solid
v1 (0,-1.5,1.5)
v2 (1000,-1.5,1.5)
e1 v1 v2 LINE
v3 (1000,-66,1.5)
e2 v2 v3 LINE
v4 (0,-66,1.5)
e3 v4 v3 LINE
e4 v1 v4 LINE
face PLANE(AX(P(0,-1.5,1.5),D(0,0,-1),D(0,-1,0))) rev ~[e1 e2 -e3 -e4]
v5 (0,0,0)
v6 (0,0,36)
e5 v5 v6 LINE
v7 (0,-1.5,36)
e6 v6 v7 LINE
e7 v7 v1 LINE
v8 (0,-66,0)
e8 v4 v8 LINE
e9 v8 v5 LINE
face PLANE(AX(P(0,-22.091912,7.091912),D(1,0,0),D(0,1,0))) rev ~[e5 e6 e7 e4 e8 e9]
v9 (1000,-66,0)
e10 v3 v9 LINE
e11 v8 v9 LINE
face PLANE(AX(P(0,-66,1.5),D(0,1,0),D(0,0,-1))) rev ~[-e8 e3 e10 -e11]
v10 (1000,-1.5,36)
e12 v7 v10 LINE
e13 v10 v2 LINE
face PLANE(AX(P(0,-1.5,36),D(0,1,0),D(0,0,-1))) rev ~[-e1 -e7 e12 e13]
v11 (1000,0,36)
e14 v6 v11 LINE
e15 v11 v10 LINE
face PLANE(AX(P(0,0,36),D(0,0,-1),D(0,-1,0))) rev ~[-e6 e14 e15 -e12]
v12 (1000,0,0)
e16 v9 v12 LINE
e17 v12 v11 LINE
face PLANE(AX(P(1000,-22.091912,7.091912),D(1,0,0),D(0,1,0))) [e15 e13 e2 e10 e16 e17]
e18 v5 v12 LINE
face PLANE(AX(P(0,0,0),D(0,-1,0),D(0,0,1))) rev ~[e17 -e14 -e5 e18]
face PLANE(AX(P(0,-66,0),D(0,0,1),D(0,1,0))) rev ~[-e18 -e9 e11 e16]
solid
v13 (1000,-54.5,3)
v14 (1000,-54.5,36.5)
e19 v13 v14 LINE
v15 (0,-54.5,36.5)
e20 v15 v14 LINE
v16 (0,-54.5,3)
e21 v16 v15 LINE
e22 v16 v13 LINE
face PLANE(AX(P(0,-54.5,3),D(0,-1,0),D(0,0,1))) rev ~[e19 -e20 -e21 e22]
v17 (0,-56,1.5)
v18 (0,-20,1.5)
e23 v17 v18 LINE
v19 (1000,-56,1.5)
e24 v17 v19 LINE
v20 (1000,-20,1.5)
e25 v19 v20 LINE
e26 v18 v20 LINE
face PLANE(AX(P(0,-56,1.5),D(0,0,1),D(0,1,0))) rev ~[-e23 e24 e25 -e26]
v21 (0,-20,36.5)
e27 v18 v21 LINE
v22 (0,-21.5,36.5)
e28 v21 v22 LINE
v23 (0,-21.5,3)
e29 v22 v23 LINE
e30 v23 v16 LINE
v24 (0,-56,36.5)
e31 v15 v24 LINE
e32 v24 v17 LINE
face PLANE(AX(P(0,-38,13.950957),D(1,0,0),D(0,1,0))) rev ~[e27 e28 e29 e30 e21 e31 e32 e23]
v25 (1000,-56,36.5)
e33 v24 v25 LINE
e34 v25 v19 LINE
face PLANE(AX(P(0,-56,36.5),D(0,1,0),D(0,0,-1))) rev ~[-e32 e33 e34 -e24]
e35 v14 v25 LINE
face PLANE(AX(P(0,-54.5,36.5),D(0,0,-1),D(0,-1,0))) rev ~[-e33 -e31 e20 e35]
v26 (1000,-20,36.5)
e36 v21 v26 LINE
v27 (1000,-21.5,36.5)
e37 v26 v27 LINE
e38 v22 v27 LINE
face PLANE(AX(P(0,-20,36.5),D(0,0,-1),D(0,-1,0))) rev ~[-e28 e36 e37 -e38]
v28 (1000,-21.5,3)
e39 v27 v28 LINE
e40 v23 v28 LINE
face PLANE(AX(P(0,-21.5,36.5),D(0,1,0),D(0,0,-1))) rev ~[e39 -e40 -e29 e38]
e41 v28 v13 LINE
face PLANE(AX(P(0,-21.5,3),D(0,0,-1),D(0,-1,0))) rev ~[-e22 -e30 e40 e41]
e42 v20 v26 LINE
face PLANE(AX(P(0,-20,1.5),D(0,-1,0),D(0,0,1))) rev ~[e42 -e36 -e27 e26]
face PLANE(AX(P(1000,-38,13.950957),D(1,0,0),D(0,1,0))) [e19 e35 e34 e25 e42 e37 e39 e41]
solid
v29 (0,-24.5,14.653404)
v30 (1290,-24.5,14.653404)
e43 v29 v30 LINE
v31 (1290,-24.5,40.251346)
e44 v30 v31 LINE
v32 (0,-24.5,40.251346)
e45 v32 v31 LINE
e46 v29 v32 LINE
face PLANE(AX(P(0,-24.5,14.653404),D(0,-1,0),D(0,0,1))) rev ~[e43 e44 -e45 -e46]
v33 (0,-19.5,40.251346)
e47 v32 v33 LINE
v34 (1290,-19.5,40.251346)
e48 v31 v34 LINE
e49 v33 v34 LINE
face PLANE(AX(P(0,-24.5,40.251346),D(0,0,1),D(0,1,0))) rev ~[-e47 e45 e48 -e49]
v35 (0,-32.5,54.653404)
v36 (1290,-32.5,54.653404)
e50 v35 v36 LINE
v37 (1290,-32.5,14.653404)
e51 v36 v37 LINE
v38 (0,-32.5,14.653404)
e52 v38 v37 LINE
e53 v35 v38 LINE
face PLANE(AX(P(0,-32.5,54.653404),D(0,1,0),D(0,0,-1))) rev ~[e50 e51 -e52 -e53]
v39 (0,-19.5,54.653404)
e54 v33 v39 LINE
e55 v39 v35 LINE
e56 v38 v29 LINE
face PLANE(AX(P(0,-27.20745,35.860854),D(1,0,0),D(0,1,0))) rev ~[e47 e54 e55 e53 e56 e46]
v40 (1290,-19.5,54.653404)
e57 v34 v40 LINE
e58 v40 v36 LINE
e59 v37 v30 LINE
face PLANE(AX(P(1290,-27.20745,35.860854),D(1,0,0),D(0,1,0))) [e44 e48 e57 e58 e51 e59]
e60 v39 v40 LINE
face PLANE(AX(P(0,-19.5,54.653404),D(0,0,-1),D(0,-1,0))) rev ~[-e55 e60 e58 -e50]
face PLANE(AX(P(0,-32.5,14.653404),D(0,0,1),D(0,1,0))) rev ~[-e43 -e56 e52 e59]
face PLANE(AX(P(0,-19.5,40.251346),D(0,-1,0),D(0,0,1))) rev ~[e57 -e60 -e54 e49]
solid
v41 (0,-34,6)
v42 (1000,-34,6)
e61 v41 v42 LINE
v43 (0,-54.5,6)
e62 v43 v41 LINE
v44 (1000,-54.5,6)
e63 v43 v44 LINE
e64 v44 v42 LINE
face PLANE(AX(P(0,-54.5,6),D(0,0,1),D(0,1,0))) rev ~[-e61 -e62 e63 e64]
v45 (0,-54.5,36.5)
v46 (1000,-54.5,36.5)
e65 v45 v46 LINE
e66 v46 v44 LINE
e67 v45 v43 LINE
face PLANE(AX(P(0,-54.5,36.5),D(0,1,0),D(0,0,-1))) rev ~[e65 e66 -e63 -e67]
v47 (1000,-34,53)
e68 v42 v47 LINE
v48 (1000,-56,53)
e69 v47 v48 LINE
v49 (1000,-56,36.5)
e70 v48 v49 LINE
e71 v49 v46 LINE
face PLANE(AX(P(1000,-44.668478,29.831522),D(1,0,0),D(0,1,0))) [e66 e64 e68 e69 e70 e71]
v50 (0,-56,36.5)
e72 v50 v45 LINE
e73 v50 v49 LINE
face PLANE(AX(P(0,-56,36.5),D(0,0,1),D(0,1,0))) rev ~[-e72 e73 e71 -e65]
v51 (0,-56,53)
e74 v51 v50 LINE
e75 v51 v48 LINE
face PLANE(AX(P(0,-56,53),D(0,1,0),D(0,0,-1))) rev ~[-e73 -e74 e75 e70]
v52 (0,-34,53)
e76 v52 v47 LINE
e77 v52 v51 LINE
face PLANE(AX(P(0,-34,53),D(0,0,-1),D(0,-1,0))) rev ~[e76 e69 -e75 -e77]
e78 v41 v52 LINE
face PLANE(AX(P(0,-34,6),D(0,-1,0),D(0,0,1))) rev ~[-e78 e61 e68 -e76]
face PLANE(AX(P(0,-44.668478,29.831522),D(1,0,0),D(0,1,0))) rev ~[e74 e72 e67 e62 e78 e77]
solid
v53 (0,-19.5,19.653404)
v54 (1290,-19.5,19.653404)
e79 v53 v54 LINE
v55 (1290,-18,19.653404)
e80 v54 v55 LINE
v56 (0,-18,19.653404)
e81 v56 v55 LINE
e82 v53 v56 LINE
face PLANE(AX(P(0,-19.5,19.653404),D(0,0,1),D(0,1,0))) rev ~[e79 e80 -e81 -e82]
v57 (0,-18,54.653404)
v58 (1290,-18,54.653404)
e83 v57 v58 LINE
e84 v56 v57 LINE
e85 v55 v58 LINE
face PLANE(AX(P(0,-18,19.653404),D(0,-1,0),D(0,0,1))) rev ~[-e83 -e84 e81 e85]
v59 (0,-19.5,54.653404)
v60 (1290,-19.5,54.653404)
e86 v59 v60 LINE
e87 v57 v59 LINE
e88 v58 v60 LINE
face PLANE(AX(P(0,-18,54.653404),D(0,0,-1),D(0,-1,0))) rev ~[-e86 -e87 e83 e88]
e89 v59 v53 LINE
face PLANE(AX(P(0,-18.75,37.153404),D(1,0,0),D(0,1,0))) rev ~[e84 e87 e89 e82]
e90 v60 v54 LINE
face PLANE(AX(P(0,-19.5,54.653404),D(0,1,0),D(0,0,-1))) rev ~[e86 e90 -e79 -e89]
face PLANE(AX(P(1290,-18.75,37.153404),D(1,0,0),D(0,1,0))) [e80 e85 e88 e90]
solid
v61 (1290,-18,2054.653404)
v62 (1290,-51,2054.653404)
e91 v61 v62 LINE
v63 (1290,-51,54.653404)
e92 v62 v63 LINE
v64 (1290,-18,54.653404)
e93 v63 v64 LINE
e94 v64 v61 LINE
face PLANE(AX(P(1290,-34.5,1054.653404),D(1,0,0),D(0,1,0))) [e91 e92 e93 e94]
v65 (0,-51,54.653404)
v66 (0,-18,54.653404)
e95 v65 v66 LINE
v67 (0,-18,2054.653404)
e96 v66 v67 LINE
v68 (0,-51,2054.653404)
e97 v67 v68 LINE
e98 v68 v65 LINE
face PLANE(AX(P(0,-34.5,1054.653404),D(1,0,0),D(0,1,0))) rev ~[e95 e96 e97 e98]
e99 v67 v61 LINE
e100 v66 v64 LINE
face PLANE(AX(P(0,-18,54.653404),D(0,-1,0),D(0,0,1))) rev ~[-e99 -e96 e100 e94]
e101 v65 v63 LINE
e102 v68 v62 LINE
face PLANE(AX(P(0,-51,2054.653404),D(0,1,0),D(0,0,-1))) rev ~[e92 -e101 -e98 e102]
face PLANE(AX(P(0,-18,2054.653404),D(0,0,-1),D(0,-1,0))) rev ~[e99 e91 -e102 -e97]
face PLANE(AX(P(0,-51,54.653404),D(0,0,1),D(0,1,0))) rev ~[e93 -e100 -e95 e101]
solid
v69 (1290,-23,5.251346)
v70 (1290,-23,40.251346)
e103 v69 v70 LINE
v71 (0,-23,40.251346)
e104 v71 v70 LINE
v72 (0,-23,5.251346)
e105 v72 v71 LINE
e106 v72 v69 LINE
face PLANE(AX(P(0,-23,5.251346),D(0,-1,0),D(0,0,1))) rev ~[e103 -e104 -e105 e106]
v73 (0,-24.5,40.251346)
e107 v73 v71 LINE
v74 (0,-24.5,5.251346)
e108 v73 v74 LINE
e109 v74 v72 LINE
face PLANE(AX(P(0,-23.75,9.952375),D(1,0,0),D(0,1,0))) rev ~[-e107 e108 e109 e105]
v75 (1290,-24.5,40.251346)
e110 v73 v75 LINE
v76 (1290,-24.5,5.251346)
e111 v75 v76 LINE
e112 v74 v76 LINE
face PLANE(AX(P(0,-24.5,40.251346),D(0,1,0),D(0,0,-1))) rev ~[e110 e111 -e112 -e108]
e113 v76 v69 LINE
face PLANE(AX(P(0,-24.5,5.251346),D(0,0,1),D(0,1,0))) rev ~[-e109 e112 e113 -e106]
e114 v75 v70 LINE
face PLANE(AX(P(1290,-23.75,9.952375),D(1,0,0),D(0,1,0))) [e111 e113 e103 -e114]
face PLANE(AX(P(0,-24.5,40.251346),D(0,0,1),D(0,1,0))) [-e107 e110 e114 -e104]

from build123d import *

# Parameters (mm, degrees)
F0_W     = 1.5
F0_H     = 9.402058
F0_H_2   = 25.597942
F1_DEPTH = 1290
F2_DEPTH = 1290
F3_DEPTH = 1000
F4_DEPTH = 1000
F5_DEPTH = 1290


with BuildPart() as f1:
    # F0 (on Right) → F1 (new body)
    with BuildSketch(Plane.YZ):
        Polygon((-18, 19.653404), (-18, 54.653404), (-19.5, 54.653404), (-19.5, 40.251346), (-19.5, 19.653404), align=None)
        with Locations((-23.75, 9.952375)):
            Rectangle(F0_W, F0_H)
        with Locations((-23.75, 27.452375)):
            Rectangle(F0_W, F0_H_2)
    extrude(amount=F1_DEPTH)


with BuildPart() as f2:
    # F0 (on Right) → F2 (new body, through all)
    with BuildSketch(Plane.YZ):
        Polygon((-19.5, 40.251346), (-19.5, 54.653404), (-32.5, 54.653404), (-32.5, 14.653404), (-24.5, 14.653404), (-24.5, 40.251346), (-23, 40.251346), align=None)
    extrude(amount=F2_DEPTH)


with BuildPart() as f3:
    # F0 (on Right) → F3 (new body)
    with BuildSketch(Plane.YZ):
        Polygon((-66, 0), (0, 0), (0, 36), (-1.5, 36), (-1.5, 1.5), (-20, 1.5), (-56, 1.5), (-66, 1.5), align=None)
        Polygon((-56, 53), (-56, 36.5), (-54.5, 36.5), (-54.5, 6), (-34, 6), (-34, 53), (-52.719209, 53), align=None)
    extrude(amount=F3_DEPTH)


with BuildPart() as f4:
    # F0 (on Right) → F4 (new body)
    with BuildSketch(Plane.YZ):
        Polygon((-56, 36.5), (-56, 1.5), (-20, 1.5), (-20, 36.5), (-21.5, 36.5), (-21.5, 3), (-54.5, 3), (-54.5, 6), (-54.5, 36.5), align=None)
    extrude(amount=F4_DEPTH)


with BuildPart() as f5:
    # F0 (on Right) → F5 (new body, through all)
    with BuildSketch(Plane.YZ):
        Polygon((-18, 54.653404), (-18, 2054.653404), (-51, 2054.653404), (-51, 54.653404), (-32.5, 54.653404), (-19.5, 54.653404), align=None)
    extrude(amount=F5_DEPTH)


solid = Compound([f1.part, f2.part, f3.part, f4.part, f5.part])
